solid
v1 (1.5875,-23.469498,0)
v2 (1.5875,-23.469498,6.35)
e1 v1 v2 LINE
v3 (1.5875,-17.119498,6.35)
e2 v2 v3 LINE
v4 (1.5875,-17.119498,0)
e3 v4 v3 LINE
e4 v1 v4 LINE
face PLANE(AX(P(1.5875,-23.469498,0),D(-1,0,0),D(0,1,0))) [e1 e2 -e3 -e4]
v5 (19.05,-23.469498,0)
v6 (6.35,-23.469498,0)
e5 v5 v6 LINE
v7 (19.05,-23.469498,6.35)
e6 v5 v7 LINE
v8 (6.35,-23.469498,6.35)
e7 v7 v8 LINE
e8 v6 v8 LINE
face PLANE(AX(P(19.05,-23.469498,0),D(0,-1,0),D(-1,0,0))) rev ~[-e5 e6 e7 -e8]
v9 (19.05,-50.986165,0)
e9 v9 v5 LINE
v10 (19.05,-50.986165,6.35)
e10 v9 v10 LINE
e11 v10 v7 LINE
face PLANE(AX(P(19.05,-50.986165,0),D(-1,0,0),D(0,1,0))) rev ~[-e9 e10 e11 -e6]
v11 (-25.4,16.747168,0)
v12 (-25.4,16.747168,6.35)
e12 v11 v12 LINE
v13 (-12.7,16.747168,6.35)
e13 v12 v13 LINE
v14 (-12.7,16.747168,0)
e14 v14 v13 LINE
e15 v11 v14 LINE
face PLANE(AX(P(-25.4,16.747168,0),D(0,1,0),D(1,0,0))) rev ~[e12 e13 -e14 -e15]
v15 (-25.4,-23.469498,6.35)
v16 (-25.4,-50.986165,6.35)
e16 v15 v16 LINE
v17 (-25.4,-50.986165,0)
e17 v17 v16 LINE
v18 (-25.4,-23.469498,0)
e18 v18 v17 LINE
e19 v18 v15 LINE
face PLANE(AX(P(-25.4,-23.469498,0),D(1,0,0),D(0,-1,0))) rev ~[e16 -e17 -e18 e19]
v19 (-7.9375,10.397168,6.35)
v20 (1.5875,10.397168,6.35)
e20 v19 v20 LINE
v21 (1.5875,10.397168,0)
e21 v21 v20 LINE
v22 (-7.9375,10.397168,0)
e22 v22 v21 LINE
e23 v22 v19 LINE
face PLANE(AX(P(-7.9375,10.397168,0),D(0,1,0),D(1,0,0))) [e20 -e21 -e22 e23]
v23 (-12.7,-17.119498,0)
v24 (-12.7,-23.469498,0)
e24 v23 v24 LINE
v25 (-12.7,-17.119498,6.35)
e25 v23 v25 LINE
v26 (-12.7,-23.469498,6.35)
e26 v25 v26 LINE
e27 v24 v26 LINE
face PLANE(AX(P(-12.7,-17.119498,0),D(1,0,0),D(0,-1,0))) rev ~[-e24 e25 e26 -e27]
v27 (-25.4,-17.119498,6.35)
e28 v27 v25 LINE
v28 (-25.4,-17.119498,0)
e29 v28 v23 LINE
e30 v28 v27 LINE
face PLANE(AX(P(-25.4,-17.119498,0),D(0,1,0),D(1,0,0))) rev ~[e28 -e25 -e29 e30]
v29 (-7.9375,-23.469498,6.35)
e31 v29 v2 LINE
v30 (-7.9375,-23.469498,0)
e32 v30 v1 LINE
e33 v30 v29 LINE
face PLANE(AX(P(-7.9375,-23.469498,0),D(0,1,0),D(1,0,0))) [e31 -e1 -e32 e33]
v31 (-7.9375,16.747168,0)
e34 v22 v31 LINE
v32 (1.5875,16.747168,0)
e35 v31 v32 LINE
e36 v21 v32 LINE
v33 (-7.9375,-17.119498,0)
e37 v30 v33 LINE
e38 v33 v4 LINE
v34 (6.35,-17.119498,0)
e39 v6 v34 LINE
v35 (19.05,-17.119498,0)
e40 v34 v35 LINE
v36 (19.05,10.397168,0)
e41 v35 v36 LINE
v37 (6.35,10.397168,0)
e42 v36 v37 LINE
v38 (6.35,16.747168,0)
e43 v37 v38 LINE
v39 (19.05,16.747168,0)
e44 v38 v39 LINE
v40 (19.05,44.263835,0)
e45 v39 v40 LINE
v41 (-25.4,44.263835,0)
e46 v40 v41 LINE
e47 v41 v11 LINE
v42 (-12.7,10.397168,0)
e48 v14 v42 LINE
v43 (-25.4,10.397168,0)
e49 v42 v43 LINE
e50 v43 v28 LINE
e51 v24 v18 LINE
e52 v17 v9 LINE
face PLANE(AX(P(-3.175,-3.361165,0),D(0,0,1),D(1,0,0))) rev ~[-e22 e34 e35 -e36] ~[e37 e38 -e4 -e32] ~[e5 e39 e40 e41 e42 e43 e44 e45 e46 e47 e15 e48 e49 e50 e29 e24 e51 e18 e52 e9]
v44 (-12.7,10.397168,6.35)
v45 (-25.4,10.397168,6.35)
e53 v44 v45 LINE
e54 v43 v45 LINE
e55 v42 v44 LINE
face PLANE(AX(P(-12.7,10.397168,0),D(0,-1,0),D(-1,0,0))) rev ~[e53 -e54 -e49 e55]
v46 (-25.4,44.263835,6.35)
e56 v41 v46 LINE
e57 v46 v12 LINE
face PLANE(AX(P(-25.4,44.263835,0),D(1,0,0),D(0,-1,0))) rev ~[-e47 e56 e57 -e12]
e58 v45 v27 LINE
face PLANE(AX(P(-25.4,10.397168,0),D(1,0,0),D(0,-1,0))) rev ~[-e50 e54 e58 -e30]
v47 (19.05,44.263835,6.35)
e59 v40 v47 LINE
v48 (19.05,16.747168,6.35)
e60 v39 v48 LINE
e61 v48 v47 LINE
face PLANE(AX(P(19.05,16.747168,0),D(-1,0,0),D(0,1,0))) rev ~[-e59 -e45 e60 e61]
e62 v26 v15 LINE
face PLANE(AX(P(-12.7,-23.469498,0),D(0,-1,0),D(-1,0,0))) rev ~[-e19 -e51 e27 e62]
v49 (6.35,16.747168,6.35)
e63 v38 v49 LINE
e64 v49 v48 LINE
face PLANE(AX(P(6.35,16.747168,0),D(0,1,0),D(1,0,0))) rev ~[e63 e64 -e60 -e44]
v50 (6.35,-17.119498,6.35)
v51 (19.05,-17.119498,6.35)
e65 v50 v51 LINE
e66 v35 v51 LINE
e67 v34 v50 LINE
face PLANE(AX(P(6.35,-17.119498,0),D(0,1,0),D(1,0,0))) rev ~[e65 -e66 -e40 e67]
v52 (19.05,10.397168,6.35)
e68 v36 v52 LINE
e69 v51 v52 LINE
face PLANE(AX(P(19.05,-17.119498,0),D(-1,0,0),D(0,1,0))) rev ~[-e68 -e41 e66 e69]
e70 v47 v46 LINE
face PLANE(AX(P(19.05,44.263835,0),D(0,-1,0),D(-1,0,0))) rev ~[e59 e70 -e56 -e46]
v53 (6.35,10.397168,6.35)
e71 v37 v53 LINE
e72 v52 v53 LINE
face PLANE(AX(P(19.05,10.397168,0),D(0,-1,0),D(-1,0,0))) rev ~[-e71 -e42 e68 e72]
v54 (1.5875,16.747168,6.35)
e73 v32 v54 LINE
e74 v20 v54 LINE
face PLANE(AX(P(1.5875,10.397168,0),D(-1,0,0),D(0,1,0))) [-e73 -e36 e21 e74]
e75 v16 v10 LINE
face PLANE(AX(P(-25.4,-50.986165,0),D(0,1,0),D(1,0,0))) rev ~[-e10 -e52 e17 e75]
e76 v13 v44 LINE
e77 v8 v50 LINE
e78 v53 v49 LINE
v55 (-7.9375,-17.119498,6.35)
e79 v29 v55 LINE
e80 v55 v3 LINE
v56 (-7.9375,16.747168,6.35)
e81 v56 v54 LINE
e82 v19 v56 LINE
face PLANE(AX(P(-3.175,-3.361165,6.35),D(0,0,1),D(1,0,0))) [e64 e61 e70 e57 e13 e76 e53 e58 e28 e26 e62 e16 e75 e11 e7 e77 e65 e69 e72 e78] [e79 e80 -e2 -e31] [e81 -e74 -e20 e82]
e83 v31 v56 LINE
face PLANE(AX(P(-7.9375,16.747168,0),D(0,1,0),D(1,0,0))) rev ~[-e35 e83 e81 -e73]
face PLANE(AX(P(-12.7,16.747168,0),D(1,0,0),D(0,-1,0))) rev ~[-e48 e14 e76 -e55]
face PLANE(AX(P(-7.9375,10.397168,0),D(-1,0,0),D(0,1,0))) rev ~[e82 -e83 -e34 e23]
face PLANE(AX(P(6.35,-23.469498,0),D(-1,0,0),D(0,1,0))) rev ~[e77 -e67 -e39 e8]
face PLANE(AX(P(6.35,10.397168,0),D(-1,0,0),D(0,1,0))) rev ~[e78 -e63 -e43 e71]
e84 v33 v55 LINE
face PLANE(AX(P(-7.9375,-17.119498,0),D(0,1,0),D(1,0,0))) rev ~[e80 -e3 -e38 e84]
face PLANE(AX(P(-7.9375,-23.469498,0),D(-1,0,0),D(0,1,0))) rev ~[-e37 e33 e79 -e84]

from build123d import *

# Parameters (mm, degrees)
F0_W     = 9.525
F0_H     = 6.35
F1_DEPTH = 6.35


with BuildPart() as f1:
    # F0 (on Top) → F1 (new body)
    with BuildSketch(Plane.XY):
        Polygon((-25.4, -23.469498), (-25.4, -50.986165), (19.05, -50.986165), (19.05, -23.469498), (6.35, -23.469498), (6.35, -17.119498), (19.05, -17.119498), (19.05, 10.397168), (6.35, 10.397168), (6.35, 16.747168), (19.05, 16.747168), (19.05, 44.263835), (-25.4, 44.263835), (-25.4, 16.747168), (-12.7, 16.747168), (-12.7, 10.397168), (-25.4, 10.397168), (-25.4, -17.119498), (-12.7, -17.119498), (-12.7, -23.469498), align=None)
        with Locations((-3.175, -20.294498)):
            Rectangle(F0_W, F0_H, mode=Mode.SUBTRACT)
        with Locations((-3.175, 13.572168)):
            Rectangle(F0_W, F0_H, mode=Mode.SUBTRACT)
    extrude(amount=F1_DEPTH)


solid = f1.part
